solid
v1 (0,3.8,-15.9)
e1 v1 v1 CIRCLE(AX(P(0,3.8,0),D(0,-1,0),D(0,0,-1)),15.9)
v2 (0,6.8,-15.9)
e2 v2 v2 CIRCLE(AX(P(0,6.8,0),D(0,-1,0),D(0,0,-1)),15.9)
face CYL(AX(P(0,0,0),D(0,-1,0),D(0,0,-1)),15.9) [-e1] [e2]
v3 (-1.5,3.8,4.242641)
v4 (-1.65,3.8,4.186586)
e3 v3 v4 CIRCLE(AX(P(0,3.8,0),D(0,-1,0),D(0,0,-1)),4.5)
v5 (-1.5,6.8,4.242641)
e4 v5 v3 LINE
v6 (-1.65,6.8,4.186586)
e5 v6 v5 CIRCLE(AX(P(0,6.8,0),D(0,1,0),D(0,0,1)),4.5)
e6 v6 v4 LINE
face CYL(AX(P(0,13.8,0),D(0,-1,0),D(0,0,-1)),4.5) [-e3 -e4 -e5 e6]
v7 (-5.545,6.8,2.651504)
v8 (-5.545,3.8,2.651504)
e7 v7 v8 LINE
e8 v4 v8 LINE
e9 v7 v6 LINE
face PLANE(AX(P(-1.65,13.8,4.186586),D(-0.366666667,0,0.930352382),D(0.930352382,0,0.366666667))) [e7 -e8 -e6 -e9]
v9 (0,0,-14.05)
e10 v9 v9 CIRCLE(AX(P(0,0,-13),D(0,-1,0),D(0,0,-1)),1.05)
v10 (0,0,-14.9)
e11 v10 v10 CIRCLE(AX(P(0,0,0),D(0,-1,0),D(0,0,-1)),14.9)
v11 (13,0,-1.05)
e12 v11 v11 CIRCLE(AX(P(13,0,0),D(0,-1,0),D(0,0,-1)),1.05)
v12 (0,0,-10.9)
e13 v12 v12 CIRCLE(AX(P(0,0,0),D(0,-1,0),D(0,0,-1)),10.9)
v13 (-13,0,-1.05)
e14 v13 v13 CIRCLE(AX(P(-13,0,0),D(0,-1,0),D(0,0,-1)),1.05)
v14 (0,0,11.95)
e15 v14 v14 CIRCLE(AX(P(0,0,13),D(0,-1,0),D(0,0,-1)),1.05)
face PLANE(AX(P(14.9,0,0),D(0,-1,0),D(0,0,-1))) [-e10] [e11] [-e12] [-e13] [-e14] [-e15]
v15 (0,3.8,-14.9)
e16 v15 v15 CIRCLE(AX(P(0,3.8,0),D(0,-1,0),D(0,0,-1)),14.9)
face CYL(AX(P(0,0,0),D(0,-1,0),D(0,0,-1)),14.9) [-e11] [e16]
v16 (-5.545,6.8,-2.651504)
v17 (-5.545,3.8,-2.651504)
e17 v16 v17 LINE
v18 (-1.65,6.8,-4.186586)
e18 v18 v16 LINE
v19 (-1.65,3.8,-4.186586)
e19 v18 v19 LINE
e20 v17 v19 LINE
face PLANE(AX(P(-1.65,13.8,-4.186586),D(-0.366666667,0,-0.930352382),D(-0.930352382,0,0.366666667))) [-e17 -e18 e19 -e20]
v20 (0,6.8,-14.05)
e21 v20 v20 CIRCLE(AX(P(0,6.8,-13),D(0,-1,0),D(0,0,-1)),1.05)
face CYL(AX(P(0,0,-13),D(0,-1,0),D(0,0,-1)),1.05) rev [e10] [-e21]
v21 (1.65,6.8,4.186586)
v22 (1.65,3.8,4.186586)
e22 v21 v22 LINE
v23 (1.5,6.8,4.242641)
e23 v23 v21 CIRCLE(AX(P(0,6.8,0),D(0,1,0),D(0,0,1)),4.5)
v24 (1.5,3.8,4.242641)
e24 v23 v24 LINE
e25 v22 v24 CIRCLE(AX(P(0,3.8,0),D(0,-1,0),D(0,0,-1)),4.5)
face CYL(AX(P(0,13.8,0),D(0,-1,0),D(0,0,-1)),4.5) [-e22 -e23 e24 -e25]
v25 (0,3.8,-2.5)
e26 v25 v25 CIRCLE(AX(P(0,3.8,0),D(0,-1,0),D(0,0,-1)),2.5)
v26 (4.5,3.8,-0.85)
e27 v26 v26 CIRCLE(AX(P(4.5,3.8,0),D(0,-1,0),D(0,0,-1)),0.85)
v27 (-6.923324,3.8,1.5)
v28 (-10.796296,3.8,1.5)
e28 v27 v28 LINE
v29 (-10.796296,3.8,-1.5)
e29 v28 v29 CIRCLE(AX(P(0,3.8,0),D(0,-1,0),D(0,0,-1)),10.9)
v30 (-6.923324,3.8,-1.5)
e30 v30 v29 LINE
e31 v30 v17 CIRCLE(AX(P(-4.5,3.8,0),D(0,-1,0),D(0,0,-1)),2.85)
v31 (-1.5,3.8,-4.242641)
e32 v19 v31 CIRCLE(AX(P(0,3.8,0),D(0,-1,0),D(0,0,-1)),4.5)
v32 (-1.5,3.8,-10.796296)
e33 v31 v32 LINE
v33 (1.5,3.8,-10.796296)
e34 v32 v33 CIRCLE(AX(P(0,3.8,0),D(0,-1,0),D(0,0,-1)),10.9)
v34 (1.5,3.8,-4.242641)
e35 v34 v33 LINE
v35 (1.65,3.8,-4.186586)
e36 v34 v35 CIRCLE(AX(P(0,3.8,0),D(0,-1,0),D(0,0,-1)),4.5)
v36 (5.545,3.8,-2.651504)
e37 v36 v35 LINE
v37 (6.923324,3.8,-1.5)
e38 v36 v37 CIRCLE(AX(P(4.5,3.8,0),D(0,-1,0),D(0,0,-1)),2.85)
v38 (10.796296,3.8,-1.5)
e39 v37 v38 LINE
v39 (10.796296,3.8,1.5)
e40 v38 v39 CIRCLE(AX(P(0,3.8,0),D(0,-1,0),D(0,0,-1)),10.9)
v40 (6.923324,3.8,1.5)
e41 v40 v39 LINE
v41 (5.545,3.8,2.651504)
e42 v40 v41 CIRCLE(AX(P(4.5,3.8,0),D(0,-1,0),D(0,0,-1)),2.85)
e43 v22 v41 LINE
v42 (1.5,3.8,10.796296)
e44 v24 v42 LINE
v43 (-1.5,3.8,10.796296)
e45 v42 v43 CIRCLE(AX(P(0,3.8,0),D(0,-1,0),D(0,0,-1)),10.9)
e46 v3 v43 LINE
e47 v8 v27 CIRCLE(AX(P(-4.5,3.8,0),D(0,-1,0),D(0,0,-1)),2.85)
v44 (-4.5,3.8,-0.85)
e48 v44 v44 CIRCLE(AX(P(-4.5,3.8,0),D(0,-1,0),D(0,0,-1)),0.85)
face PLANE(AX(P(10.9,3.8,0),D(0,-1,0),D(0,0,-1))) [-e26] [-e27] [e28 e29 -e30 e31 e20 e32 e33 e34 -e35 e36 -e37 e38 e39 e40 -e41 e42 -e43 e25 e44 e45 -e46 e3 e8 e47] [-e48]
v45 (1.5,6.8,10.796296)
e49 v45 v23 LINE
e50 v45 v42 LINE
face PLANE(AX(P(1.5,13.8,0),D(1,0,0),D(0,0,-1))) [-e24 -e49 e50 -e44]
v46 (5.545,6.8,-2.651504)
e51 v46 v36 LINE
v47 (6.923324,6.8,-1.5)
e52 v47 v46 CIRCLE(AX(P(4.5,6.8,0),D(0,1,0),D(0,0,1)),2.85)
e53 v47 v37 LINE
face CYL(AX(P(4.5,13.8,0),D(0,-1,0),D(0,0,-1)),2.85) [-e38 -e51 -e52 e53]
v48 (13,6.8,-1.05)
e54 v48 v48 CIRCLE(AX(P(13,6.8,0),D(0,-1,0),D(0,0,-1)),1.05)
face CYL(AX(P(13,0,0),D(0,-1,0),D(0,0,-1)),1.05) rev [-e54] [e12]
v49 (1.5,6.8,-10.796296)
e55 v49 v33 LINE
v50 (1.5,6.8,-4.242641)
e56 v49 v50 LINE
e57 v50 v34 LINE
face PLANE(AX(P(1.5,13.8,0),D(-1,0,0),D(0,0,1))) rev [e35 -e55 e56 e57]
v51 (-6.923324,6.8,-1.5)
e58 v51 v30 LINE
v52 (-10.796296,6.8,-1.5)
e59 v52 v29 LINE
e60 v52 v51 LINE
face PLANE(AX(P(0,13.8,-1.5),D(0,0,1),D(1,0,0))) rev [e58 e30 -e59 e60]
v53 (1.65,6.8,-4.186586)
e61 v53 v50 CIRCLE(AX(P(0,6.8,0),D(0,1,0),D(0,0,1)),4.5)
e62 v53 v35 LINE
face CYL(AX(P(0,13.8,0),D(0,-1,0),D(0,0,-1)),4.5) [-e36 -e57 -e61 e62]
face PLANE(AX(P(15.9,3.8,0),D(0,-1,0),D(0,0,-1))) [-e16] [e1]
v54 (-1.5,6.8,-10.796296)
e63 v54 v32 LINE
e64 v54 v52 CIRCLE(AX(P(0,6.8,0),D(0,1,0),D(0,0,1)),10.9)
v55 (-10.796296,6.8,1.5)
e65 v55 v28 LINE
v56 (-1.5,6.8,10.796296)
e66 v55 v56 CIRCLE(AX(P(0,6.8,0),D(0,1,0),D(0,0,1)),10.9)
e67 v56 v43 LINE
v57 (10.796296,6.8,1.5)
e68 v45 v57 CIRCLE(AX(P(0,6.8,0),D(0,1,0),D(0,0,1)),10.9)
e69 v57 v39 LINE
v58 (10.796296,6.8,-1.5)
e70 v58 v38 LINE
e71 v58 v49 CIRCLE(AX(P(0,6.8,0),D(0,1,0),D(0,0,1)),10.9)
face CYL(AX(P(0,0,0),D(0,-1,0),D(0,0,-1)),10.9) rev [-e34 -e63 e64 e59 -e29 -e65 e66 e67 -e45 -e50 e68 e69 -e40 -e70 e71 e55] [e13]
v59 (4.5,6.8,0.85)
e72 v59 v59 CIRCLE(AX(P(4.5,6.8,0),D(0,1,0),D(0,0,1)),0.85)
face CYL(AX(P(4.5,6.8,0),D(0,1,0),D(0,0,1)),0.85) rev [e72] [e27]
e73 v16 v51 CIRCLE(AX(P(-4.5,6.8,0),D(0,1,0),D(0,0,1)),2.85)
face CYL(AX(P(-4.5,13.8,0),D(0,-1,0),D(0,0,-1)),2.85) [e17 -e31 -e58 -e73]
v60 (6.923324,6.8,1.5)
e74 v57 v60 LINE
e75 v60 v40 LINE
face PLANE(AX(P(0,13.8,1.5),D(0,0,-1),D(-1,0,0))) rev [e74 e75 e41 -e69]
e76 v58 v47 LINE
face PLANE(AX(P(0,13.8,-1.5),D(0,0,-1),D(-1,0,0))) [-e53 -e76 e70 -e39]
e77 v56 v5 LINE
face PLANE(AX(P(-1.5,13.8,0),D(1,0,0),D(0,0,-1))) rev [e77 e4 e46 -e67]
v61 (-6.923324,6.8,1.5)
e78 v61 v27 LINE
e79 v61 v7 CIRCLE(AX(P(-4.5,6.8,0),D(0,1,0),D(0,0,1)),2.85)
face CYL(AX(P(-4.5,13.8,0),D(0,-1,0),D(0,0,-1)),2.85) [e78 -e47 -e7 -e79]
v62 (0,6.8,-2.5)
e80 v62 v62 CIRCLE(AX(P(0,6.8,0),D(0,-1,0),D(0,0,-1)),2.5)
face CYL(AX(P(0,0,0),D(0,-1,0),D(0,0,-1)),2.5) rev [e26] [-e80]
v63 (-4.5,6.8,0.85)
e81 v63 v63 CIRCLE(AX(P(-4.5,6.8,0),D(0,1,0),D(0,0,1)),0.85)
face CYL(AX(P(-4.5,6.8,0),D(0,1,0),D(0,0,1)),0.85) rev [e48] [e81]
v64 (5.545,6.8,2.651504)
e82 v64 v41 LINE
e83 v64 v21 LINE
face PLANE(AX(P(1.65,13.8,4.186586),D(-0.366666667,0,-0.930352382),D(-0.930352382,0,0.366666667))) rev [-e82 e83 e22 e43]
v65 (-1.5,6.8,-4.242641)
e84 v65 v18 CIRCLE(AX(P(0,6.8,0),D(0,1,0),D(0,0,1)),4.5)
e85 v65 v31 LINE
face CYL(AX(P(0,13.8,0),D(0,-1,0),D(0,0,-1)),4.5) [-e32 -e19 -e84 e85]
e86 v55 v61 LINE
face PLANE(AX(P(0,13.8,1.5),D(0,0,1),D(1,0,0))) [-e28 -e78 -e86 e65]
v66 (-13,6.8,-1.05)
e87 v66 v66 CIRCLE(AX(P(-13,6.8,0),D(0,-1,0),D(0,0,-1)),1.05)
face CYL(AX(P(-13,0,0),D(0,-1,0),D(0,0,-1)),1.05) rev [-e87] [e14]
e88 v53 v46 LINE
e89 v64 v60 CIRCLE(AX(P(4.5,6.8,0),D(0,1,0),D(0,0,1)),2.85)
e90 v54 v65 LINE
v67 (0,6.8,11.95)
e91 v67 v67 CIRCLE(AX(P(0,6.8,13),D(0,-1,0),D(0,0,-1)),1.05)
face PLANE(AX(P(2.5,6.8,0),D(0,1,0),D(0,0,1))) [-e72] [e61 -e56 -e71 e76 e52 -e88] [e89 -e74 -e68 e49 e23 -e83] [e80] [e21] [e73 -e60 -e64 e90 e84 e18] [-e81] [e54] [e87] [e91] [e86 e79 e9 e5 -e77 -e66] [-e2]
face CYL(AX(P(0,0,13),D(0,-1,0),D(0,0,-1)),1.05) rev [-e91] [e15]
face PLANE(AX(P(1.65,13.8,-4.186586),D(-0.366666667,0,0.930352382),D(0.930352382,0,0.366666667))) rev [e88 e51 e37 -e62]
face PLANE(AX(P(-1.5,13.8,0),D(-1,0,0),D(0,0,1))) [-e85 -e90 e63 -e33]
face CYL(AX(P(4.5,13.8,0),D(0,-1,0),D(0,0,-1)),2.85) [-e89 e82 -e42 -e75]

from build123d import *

# Parameters (mm, degrees)
HOLE_WIZARD_1_7_1_7_1_D     = 1.7
HOLE_WIZARD_1_7_1_7_1_DEPTH = 6
HOLE_WIZARD_2_1_2_1_1_D     = 2.1
CUT_EXTRUDE_START           = -10
CUT_EXTRUDE_1_DEPTH         = 10


with BuildPart() as part:
    # 草图2 → 旋转1 (revolve)
    with BuildSketch(Plane.XY, mode=Mode.PRIVATE) as revolve_1_sk:
        Polygon((2.5, 6.8), (15.9, 6.8), (15.9, 3.8), (14.9, 3.8), (14.9, 0), (10.9, 0), (10.9, 3.8), (2.5, 3.8), align=None)
    revolve(revolve_1_sk.sketch.rotate(Axis((0, 0, 0), (0, 1, 0)), 90), axis=Axis((0, 0, 0), (0, 1, 0)))

    # Ø1.7 (1.7) 直径孔1
    with Locations(Plane(origin=(0, 6.8, 0), x_dir=(1, 0, 0), z_dir=(0, 1, 0))):
        with Locations((-4.5, 0), (4.5, 0)):
            Hole(HOLE_WIZARD_1_7_1_7_1_D / 2, depth=HOLE_WIZARD_1_7_1_7_1_DEPTH)

    # Ø2.1 (2.1) 直径孔1 (through all)
    with Locations(Plane(origin=(0, 0, 0), x_dir=(-1, 0, 0), z_dir=(0, -1, 0))):
        with Locations((-13, 0), (0, 13), (13, 0), (0, -13)):
            Hole(HOLE_WIZARD_2_1_2_1_1_D / 2)

    # 草图9 → 切除-拉伸1 (cut)
    with BuildSketch(Plane.XZ.offset(-3.8).offset(CUT_EXTRUDE_START)):
        with BuildLine():
            Line((-5.545, 2.65150429), (-1.65, 4.186585721))
            ThreePointArc((-1.65, 4.186585721), (-1.575249358, 4.215280472), (-1.5, 4.242640687))
            Line((-1.5, 4.242640687), (-1.5, 10.796295661))
            ThreePointArc((-1.5, 10.796295661), (-7.707463915, 7.707463915), (-10.796295661, 1.5))
            Line((-10.796295661, 1.5), (-6.923324163, 1.5))
            ThreePointArc((-6.923324163, 1.5), (-6.327240722, 2.187165138), (-5.545, 2.65150429))
        make_face()
        with BuildLine():
            ThreePointArc((-5.545, -2.65150429), (-6.327240722, -2.187165138), (-6.923324163, -1.5))
            Line((-6.923324163, -1.5), (-10.796295661, -1.5))
            ThreePointArc((-10.796295661, -1.5), (-7.707463915, -7.707463915), (-1.5, -10.796295661))
            Line((-1.5, -10.796295661), (-1.5, -4.242640687))
            ThreePointArc((-1.5, -4.242640687), (-1.575249358, -4.215280472), (-1.65, -4.186585721))
            Line((-1.65, -4.186585721), (-5.545, -2.65150429))
        make_face()
        with BuildLine():
            Line((1.5, 10.796295661), (1.5, 4.242640687))
            ThreePointArc((1.5, 4.242640687), (1.575249358, 4.215280472), (1.65, 4.186585721))
            Line((1.65, 4.186585721), (5.545, 2.65150429))
            ThreePointArc((5.545, 2.65150429), (6.327240722, 2.187165138), (6.923324163, 1.5))
            Line((6.923324163, 1.5), (10.796295661, 1.5))
            ThreePointArc((10.796295661, 1.5), (7.707463915, 7.707463915), (1.5, 10.796295661))
        make_face()
        with BuildLine():
            ThreePointArc((1.65, -4.186585721), (1.575249358, -4.215280472), (1.5, -4.242640687))
            Line((1.5, -4.242640687), (1.5, -10.796295661))
            ThreePointArc((1.5, -10.796295661), (7.707463915, -7.707463915), (10.796295661, -1.5))
            Line((10.796295661, -1.5), (6.923324163, -1.5))
            ThreePointArc((6.923324163, -1.5), (6.327240722, -2.187165138), (5.545, -2.65150429))
            Line((5.545, -2.65150429), (1.65, -4.186585721))
        make_face()
    extrude(amount=CUT_EXTRUDE_1_DEPTH, mode=Mode.SUBTRACT)


solid = part.part
